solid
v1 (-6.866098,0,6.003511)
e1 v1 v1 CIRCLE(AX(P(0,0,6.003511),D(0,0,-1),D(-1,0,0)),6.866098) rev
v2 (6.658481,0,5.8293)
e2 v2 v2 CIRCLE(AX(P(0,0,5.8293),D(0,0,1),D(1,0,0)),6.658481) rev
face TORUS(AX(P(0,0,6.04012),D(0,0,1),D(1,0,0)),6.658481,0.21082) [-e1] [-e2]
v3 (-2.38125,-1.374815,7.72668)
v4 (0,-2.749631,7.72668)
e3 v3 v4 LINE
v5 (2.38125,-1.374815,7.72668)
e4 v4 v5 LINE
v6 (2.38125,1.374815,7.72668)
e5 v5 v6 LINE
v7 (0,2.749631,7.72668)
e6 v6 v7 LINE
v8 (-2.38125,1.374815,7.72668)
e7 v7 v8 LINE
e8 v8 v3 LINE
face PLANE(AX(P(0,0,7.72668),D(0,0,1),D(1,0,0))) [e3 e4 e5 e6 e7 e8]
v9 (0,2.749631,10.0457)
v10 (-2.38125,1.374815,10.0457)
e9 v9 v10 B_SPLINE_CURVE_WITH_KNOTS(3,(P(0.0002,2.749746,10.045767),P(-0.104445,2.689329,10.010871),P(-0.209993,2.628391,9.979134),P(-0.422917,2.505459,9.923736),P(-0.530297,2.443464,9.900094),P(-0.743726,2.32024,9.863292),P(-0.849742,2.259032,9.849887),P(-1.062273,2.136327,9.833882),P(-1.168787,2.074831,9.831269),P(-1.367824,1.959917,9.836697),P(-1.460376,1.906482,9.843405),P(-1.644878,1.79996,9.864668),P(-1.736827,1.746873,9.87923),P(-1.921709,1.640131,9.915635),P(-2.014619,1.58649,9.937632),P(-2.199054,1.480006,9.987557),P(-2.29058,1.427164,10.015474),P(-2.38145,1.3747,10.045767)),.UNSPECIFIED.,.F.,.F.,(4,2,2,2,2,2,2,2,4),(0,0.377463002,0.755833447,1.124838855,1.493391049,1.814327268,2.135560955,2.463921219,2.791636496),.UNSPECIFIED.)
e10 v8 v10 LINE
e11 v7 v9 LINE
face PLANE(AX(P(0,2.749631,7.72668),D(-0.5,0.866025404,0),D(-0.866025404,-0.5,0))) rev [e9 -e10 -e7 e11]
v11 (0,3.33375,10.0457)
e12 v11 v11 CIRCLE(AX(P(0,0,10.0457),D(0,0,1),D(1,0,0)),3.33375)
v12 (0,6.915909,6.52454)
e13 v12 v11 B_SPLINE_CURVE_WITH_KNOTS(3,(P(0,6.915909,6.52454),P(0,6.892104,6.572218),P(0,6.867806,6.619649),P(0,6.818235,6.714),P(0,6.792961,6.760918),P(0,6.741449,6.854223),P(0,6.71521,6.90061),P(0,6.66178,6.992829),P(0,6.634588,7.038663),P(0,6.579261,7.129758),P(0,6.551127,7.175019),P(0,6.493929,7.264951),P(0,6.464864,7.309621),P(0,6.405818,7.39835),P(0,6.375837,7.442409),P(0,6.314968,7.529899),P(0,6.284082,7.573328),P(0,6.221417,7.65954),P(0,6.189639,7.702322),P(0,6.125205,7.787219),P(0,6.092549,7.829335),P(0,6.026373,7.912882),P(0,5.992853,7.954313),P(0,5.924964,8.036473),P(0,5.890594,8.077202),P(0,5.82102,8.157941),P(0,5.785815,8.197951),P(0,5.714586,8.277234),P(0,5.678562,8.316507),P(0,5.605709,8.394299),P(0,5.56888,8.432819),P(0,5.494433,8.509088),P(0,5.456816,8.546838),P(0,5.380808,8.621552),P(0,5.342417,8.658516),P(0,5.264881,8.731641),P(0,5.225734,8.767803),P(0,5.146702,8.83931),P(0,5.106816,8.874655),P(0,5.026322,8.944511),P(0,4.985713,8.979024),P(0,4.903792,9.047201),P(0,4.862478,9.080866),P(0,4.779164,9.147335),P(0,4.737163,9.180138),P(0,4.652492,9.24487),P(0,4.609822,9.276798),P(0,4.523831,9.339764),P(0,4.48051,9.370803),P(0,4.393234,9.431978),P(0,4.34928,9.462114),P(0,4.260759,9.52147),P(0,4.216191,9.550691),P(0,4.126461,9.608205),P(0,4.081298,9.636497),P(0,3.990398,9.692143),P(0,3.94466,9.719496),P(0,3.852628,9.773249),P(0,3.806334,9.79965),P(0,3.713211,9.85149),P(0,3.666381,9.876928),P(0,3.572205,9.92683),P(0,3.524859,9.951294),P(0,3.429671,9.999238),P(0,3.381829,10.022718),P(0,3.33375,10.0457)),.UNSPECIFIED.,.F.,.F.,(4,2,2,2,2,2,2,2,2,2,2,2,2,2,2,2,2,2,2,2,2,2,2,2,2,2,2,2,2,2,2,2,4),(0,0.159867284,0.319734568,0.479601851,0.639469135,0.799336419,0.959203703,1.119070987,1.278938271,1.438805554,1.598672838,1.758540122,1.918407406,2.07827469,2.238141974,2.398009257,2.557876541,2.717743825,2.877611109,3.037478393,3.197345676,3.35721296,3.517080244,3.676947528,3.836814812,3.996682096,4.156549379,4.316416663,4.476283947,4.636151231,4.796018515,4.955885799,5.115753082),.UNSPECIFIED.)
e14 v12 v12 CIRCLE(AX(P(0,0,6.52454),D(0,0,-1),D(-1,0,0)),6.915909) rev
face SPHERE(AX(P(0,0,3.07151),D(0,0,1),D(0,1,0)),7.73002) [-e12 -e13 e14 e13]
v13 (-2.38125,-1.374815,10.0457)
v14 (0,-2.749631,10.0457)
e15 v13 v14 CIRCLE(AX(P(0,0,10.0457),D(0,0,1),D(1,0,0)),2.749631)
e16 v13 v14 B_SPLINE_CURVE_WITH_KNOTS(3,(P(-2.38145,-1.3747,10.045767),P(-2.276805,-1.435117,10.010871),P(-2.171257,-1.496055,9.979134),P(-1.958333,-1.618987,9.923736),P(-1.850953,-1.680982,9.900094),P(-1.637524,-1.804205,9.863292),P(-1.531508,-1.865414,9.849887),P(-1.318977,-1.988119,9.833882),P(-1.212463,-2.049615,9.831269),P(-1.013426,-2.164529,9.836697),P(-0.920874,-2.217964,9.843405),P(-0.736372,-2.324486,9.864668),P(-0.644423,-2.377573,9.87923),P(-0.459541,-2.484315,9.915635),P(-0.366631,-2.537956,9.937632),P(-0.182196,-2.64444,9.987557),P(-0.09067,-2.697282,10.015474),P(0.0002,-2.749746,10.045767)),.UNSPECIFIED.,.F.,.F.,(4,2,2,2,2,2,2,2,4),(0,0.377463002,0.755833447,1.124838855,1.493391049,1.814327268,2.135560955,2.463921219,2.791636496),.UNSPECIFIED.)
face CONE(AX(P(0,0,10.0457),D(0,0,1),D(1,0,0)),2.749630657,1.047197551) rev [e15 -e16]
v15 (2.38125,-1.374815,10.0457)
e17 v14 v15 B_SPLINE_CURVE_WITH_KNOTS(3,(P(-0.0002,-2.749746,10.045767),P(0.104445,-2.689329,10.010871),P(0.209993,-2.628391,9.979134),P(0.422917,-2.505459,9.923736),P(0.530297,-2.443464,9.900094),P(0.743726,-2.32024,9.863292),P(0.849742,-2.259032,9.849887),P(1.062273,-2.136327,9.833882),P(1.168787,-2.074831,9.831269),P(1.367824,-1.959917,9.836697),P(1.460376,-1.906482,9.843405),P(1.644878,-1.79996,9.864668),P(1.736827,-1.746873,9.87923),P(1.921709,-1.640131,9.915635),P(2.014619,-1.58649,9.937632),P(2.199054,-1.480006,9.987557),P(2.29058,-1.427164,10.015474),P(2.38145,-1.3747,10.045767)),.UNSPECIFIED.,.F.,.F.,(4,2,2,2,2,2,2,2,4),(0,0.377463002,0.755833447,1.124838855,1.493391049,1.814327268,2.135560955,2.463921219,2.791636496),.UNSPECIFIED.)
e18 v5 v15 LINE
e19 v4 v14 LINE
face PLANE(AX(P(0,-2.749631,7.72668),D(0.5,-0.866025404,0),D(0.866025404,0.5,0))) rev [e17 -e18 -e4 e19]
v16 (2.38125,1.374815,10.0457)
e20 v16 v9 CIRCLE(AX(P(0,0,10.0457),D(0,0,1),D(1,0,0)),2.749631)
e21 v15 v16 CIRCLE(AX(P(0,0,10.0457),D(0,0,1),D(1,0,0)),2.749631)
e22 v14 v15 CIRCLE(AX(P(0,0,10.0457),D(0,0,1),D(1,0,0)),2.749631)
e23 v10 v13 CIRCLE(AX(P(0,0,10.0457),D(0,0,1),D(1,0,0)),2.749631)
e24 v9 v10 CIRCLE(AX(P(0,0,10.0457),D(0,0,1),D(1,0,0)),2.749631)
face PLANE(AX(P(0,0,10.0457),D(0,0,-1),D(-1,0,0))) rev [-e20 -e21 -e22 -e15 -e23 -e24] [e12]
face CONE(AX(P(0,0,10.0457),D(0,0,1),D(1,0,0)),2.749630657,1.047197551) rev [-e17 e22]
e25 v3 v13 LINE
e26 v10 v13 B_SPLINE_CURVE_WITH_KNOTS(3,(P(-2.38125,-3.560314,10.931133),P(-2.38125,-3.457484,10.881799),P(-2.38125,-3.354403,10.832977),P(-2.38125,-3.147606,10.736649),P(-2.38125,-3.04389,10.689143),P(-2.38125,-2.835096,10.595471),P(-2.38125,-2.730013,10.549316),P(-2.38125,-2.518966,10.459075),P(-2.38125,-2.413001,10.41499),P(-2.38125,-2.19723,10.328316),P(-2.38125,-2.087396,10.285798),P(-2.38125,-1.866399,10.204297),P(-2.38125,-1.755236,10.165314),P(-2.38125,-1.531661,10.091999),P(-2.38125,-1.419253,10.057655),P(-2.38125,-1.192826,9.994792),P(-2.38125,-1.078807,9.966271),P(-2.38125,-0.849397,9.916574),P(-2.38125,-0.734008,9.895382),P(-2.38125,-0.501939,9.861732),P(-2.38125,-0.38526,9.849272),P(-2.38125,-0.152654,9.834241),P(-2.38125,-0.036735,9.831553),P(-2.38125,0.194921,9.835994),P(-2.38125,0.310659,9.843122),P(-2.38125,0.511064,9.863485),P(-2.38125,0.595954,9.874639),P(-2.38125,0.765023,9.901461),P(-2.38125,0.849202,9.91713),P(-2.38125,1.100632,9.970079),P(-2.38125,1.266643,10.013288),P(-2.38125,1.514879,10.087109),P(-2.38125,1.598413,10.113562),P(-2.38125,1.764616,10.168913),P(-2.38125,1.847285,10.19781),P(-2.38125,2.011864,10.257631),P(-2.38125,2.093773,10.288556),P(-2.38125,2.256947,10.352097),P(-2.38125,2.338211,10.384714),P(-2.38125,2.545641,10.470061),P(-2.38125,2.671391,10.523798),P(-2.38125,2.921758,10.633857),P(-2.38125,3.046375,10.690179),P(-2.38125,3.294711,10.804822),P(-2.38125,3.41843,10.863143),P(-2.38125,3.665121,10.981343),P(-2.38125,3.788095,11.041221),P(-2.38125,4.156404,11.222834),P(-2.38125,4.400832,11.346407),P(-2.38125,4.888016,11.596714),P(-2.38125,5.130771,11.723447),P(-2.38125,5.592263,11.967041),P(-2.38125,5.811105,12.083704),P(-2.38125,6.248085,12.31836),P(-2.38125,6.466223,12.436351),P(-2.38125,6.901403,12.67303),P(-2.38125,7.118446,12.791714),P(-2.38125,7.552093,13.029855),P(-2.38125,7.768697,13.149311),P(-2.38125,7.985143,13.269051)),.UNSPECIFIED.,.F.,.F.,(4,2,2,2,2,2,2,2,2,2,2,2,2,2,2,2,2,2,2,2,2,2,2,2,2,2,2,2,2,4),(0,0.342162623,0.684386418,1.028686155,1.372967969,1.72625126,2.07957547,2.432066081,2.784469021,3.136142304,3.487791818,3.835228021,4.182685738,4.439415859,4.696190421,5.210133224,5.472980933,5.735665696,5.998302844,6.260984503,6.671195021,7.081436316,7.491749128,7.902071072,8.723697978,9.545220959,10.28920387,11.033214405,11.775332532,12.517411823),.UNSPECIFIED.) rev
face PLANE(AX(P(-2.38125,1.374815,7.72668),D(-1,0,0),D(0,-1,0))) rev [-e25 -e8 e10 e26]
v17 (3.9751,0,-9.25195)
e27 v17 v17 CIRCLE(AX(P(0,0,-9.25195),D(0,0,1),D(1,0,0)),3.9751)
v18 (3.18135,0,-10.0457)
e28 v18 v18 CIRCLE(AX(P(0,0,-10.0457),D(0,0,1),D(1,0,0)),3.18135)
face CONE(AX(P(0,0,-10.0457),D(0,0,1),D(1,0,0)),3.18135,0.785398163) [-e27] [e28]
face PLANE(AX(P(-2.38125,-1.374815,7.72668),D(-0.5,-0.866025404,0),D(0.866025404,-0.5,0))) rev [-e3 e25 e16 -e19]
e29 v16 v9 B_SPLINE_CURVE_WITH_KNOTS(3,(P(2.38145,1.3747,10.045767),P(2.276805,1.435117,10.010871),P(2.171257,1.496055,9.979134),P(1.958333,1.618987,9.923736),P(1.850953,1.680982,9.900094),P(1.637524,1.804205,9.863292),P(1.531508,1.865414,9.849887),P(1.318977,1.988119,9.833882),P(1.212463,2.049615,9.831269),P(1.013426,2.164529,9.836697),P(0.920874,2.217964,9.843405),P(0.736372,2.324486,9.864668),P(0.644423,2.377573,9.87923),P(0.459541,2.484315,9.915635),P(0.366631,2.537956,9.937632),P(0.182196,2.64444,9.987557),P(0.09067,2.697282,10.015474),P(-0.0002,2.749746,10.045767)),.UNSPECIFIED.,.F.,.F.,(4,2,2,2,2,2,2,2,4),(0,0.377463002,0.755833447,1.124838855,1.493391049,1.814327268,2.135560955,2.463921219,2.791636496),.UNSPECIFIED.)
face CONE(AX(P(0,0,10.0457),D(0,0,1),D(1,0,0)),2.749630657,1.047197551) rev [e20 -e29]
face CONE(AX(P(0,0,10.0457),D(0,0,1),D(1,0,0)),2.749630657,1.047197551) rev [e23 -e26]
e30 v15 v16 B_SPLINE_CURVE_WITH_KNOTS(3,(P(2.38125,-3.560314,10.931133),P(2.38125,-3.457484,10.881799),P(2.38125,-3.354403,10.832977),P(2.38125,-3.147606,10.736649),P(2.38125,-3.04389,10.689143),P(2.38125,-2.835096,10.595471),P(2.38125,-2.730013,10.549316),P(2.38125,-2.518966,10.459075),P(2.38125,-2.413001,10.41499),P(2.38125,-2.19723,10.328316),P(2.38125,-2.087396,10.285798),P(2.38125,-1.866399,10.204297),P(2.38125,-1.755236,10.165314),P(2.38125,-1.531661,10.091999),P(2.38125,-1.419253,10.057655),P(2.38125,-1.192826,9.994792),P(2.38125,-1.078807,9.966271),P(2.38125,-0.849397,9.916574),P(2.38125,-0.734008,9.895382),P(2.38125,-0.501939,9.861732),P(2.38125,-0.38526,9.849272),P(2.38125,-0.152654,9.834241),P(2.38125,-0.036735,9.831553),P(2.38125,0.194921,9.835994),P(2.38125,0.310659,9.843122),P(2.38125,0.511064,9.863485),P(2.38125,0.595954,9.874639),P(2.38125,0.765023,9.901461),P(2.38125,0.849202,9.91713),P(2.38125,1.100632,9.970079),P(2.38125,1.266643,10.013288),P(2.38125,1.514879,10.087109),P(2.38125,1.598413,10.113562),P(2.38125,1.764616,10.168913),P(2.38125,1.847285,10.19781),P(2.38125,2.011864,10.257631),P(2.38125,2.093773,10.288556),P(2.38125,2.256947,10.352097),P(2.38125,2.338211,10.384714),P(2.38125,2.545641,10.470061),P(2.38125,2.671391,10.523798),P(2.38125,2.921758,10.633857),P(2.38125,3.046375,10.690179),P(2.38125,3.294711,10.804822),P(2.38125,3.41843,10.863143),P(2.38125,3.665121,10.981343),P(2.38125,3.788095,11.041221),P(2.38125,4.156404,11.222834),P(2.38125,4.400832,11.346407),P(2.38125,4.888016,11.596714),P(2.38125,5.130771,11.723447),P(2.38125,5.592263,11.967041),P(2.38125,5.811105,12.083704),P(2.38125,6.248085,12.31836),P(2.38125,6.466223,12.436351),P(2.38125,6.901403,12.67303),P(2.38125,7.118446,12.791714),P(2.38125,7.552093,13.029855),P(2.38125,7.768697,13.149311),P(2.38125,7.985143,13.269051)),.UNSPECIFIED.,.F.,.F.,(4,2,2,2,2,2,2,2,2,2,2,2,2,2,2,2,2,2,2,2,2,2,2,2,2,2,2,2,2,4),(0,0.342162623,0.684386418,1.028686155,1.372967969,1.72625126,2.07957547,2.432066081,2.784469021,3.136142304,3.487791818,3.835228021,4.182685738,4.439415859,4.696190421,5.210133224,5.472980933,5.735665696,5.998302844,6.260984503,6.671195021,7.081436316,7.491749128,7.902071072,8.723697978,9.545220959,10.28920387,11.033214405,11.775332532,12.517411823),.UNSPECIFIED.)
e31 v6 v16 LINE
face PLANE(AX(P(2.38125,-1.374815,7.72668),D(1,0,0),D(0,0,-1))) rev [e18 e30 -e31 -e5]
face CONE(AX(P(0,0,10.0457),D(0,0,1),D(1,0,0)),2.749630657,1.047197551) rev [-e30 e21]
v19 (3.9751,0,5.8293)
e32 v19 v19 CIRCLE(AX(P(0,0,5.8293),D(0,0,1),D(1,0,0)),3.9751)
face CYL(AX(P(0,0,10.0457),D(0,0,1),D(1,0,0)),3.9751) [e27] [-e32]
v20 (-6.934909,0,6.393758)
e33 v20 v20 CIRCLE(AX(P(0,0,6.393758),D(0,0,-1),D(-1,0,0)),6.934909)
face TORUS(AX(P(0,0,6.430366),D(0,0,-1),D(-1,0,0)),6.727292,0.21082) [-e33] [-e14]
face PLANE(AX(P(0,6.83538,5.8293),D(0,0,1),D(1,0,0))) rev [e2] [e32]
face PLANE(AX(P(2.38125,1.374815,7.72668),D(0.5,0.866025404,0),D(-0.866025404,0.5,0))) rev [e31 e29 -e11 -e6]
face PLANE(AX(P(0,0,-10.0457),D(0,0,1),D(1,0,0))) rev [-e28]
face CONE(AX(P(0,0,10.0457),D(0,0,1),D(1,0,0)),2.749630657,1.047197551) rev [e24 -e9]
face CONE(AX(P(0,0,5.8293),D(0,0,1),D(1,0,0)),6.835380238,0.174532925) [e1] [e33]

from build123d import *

# Parameters (mm, degrees)
CUT_EXTRUDE1_DEPTH = 2.31902
FILLET1_R          = 0.21082


with BuildPart() as part:
    # Sketch3 → Revolve1 (revolve)
    with BuildSketch(Plane(origin=(0, 0, 0), x_dir=(0, 0, -1), z_dir=(1, 0, 0)), mode=Mode.PRIVATE) as revolve1_sk:
        with BuildLine():
            Line((-10.0457, 0), (-10.0457, 3.33375))
            ThreePointArc((-10.0457, 3.33375), (-8.559598684, 5.443720932), (-6.46176, 6.9469))
            Line((-6.46176, 6.9469), (-5.8293, 6.835380238))
            Line((-5.8293, 6.835380238), (-5.8293, 3.9751))
            Line((-5.8293, 3.9751), (9.25195, 3.9751))
            Line((9.25195, 3.9751), (10.0457, 3.18135))
            Line((10.0457, 3.18135), (10.0457, 0))
            Line((10.0457, 0), (-10.0457, 0))
        make_face()
    revolve(revolve1_sk.sketch.rotate(Axis((0, 0, 10.0457), (0, 0, -1)), 90), axis=Axis((0, 0, 10.0457), (0, 0, -1)))

    # Sketch4 → Cut-Extrude1 (cut)
    with BuildSketch(Plane.XY.offset(10.0457)):
        Polygon((-2.38125, -1.374815329), (0, -2.749630657), (2.38125, -1.374815329), (2.38125, 1.374815329), (0, 2.749630657), (-2.38125, 1.374815329), align=None)
    extrude(amount=-CUT_EXTRUDE1_DEPTH, mode=Mode.SUBTRACT)

    # Cut-Extrude2 cone 1 section (through the dimple's axis) → Cut-Extrude2 (revolve, cut)
    with BuildSketch(Plane(origin=(0, 0, 10.0457), x_dir=(0, -1, 0), z_dir=(1, 0, 0))):
        Polygon((0, 0), (2.749630657, 0), (0, 1.5875), align=None)
    revolve(axis=Axis((0, 0, 10.0457), (0, 0, -1)), mode=Mode.SUBTRACT)

    # Fillet1
    fillet1_edges = [part.edges().sort_by_distance(p)[0] for p in [
        (-6.835380238, 0, 5.8293),
        (-6.9469, 0, 6.46176),
    ]]
    fillet(fillet1_edges, radius=FILLET1_R)


solid = part.part
